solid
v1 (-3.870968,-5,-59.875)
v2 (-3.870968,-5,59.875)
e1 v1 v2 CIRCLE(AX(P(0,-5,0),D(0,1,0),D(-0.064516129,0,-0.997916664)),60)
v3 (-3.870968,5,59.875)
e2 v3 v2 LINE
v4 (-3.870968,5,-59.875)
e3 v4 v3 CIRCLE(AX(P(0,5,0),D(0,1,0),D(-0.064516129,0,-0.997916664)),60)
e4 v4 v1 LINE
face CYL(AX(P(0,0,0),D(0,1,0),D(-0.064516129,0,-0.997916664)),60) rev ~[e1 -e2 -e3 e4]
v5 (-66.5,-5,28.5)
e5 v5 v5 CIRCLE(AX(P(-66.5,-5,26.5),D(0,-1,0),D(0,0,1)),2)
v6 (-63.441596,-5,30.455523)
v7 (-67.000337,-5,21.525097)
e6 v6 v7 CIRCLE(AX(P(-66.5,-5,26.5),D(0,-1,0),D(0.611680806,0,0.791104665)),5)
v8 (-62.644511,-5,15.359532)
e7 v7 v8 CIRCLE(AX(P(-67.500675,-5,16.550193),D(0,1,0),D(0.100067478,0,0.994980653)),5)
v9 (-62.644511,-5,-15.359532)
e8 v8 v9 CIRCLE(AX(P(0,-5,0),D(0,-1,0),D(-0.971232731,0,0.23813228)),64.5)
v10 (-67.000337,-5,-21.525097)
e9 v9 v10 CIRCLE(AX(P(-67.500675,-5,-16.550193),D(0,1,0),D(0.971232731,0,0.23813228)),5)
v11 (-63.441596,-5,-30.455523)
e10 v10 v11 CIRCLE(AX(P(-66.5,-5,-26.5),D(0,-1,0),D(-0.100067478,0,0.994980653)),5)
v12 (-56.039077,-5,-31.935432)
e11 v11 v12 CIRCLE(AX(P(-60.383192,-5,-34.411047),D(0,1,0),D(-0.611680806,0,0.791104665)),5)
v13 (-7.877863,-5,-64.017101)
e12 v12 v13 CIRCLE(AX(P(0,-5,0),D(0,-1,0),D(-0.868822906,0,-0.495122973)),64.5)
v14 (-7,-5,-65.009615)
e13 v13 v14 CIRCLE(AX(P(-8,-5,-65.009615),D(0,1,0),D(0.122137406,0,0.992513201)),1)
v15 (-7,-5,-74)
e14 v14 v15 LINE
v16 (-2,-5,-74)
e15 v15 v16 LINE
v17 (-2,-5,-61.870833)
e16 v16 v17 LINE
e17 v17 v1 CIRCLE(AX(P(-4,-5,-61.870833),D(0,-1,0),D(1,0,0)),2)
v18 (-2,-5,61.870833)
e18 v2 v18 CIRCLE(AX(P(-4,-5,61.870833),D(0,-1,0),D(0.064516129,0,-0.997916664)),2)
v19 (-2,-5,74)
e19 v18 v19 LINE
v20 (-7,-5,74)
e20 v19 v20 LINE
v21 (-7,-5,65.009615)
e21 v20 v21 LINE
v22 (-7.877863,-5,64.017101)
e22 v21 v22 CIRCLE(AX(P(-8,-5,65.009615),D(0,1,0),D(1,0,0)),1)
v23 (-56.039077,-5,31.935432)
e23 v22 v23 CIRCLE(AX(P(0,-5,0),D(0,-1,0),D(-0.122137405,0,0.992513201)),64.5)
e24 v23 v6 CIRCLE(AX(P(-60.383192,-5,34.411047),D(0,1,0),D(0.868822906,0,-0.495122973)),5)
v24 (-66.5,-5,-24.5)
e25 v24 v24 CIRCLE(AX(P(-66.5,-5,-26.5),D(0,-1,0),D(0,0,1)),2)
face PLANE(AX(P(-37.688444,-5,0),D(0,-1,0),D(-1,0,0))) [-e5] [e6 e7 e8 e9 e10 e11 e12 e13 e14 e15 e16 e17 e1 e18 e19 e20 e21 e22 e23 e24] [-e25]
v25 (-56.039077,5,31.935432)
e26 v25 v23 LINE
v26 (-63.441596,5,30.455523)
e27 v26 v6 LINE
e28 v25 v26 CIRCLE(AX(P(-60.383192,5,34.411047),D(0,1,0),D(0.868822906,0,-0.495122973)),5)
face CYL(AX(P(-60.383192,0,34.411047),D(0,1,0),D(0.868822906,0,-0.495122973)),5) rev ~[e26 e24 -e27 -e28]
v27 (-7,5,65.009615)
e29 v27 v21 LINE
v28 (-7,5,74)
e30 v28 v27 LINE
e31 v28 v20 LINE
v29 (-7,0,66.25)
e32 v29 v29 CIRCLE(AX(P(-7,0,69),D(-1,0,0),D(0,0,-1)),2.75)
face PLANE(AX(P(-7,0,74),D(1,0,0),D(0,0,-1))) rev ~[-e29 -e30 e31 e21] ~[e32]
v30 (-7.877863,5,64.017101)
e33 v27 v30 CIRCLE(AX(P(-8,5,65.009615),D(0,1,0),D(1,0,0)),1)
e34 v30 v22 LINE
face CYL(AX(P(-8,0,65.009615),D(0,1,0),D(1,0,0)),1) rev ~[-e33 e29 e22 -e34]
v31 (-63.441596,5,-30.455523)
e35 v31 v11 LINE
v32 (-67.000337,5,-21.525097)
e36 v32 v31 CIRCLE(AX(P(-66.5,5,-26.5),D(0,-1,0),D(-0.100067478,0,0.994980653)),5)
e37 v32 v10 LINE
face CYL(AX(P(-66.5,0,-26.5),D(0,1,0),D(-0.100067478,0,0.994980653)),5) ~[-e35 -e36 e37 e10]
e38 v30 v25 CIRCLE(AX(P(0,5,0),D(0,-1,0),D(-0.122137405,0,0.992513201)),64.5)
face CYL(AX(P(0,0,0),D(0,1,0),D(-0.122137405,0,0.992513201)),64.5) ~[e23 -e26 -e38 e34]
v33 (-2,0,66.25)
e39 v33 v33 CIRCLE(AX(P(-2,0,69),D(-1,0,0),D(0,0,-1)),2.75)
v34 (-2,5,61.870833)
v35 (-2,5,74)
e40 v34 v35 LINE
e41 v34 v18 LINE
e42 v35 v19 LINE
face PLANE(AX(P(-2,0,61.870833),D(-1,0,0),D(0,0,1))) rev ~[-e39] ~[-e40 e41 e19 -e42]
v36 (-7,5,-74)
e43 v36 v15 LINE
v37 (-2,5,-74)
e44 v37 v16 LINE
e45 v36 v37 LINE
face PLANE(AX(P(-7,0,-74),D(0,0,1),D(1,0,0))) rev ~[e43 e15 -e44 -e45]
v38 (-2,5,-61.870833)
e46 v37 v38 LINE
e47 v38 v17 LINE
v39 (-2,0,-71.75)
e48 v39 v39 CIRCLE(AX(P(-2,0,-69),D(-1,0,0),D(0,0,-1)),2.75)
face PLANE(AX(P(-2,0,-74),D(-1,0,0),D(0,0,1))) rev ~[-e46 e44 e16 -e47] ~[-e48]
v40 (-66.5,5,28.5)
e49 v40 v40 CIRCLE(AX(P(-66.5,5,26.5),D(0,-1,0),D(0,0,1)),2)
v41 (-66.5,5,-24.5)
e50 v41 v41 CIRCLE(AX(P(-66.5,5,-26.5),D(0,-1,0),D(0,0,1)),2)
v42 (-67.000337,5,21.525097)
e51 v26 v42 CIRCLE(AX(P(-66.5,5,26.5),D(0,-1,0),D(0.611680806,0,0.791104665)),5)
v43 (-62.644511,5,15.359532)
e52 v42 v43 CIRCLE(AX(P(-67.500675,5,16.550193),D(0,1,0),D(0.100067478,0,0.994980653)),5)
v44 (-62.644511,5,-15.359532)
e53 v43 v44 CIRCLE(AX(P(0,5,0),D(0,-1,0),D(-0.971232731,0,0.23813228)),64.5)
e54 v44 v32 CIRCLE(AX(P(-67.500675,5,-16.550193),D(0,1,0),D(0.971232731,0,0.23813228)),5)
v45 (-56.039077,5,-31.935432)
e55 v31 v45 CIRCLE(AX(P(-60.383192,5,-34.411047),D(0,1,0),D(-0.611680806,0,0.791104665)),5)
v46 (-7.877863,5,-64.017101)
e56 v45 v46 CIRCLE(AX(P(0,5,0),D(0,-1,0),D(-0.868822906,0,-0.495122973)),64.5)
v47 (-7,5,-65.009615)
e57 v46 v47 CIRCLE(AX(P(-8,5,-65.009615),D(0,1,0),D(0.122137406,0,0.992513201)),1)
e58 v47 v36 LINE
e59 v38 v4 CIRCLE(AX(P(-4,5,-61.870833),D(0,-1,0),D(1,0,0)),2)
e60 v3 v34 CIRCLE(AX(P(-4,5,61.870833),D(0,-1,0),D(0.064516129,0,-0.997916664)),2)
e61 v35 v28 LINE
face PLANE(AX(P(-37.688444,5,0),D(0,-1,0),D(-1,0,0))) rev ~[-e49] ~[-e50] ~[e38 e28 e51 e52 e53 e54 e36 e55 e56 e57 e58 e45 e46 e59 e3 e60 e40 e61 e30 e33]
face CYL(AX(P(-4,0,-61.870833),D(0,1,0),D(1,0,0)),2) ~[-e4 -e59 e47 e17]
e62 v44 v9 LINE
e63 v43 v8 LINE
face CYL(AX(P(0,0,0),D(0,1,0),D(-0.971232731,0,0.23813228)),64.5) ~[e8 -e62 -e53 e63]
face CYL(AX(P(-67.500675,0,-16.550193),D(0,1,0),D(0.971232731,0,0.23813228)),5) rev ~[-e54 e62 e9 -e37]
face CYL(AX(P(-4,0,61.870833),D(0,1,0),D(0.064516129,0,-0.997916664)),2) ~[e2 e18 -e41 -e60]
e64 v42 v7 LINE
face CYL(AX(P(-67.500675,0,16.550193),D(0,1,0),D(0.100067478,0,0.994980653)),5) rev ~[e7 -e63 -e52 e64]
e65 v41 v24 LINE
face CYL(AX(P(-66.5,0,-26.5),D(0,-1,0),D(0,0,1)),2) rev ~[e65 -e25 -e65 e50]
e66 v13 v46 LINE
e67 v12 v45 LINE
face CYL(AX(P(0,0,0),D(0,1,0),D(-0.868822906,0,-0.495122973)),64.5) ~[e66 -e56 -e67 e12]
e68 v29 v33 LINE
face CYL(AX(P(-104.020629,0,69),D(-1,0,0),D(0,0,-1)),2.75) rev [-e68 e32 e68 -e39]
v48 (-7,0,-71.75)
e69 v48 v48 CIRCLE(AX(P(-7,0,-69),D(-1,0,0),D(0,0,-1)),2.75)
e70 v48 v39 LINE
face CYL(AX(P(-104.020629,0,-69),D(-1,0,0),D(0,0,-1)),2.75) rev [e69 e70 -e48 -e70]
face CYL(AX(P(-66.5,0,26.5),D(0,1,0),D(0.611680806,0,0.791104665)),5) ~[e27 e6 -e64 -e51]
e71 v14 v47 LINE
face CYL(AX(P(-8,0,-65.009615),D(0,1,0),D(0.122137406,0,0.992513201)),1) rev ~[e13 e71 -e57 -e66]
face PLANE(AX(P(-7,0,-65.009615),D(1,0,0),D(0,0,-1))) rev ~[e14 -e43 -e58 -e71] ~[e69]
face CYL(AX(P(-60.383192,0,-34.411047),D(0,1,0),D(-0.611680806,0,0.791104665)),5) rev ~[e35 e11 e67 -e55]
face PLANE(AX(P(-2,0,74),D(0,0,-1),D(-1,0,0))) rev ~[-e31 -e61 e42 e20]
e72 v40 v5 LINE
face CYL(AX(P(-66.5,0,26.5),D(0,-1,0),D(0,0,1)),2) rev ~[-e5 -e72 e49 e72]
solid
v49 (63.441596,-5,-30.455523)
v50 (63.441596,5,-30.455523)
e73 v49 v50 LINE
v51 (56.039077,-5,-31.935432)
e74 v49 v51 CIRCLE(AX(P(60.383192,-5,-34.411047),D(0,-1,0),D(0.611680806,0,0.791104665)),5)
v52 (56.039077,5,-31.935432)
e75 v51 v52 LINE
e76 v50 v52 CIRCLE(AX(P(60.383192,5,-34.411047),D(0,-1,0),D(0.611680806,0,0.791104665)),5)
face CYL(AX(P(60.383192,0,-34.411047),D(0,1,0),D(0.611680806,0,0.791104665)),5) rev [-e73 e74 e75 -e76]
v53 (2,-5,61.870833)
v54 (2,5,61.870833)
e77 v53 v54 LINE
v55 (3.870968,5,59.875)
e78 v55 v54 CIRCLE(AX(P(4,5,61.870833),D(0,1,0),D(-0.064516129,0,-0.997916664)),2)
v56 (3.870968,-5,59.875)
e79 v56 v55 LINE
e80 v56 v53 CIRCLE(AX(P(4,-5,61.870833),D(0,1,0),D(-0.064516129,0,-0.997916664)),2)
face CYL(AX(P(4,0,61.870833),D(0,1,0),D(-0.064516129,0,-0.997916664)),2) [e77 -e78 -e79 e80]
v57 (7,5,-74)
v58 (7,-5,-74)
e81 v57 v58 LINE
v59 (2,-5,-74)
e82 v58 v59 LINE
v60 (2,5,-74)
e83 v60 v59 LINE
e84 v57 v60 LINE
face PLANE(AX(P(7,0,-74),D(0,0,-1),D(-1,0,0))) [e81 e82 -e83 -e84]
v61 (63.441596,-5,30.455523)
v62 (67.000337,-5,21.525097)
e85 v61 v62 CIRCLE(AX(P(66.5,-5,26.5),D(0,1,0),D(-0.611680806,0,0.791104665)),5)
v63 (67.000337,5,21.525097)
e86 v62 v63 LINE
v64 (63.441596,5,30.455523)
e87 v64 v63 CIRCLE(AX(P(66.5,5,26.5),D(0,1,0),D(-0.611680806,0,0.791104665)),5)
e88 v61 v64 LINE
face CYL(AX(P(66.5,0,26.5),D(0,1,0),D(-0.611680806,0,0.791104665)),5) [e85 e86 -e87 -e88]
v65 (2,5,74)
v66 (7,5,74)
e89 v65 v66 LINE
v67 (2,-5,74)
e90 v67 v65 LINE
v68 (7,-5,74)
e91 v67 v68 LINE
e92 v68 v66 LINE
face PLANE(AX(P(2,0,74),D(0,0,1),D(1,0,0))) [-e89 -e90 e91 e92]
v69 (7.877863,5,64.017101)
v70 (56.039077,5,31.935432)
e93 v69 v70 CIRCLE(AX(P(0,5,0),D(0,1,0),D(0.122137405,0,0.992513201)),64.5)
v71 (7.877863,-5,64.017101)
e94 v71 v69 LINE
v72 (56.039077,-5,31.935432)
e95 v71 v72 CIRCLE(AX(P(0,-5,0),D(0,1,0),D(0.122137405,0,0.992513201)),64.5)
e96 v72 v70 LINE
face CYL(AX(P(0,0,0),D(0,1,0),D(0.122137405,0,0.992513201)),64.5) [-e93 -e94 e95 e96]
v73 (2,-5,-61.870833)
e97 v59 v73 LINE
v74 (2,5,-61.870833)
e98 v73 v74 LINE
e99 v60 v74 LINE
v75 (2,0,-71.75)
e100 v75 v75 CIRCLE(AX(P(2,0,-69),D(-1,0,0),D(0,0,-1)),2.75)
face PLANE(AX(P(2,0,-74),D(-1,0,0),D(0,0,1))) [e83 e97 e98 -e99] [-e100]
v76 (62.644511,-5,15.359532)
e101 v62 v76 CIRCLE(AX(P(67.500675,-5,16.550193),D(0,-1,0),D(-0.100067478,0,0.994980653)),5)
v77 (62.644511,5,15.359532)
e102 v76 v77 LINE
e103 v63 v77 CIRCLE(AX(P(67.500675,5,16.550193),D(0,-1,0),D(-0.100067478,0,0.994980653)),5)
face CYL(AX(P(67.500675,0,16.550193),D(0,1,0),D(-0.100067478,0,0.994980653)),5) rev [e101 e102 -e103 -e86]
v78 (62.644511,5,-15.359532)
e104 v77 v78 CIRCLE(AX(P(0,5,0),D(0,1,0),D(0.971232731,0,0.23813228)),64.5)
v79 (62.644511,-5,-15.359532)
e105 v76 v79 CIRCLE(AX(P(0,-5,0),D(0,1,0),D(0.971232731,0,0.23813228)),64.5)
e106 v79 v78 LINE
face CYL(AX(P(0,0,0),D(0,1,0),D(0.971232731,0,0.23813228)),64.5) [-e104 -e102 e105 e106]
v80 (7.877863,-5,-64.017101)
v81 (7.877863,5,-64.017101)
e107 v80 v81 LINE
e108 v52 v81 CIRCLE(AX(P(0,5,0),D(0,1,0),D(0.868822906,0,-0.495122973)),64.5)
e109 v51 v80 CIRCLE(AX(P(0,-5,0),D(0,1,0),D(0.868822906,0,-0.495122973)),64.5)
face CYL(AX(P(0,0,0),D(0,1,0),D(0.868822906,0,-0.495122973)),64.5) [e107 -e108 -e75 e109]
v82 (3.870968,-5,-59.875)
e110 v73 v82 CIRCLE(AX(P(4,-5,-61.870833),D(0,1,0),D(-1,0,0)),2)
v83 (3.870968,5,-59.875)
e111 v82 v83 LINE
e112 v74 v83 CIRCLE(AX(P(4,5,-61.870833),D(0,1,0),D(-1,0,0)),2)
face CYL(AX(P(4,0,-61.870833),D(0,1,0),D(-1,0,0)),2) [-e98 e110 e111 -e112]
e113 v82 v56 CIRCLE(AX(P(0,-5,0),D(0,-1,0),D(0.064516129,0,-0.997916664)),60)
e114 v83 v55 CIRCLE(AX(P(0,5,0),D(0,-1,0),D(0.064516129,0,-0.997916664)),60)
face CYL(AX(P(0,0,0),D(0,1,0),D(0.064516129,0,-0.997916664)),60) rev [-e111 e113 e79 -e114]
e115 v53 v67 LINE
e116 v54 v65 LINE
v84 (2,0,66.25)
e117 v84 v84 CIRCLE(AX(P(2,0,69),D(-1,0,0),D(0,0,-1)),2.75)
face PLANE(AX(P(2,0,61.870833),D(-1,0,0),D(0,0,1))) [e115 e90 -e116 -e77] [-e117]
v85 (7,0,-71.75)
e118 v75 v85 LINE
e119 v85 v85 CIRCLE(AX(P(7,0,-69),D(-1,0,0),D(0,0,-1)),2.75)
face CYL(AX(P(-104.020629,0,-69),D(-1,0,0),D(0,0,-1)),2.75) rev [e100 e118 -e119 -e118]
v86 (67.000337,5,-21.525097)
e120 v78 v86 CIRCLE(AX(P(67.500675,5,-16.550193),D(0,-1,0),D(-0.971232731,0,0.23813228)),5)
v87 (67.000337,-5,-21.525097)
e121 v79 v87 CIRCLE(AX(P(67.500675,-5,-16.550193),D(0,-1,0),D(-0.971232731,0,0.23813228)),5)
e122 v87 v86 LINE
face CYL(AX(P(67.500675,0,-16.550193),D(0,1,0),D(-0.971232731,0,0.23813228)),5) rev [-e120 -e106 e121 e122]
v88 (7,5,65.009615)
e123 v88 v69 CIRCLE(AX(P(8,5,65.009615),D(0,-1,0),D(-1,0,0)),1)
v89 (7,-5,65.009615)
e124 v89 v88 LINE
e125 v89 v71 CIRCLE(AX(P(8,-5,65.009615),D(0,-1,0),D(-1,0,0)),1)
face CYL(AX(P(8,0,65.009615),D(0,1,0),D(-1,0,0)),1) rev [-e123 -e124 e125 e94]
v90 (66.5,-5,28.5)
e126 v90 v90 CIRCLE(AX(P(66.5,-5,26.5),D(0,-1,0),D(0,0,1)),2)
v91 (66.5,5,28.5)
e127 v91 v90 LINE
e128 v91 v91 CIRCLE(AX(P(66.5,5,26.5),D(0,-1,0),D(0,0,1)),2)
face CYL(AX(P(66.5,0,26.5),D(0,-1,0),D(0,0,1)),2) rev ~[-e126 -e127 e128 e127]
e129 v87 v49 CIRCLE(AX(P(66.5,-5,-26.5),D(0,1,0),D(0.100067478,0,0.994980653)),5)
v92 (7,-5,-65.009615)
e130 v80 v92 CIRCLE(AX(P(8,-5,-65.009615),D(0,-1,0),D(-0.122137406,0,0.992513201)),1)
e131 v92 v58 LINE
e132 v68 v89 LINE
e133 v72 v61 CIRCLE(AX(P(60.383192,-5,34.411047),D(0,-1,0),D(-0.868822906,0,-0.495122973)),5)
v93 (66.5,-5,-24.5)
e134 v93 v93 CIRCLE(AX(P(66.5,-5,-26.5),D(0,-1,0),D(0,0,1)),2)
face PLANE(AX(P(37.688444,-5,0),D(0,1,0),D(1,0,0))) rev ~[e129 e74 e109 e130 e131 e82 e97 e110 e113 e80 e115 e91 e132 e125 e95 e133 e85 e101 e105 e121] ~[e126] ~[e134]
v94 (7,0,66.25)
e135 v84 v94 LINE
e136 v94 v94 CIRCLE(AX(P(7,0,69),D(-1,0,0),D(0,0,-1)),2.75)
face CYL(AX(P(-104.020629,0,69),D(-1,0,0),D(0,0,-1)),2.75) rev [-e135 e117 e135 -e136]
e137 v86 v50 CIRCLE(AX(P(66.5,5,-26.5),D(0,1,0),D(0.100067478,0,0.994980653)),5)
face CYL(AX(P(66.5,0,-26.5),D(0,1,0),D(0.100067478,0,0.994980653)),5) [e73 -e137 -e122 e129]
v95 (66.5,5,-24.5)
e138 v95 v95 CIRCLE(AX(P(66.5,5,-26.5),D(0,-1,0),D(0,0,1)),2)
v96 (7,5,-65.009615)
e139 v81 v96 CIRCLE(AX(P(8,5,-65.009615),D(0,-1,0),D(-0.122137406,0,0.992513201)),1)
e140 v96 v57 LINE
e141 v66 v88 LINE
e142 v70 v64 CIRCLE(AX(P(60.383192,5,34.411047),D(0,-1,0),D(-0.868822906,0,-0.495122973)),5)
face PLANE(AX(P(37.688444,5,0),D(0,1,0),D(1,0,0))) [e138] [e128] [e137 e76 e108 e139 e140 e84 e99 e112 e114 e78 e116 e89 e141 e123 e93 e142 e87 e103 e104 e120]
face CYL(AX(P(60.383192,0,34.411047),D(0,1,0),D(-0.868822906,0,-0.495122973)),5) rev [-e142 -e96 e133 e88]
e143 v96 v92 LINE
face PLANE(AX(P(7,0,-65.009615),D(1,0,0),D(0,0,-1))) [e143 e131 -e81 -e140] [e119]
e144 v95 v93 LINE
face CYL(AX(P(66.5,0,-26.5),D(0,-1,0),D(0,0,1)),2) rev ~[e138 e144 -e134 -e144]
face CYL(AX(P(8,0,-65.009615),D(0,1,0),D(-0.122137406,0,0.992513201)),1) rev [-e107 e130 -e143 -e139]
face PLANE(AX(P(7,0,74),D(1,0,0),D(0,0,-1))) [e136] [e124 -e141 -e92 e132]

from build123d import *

# Parameters (mm, degrees)
EXTRUDE_1_DEPTH                = 5
EXTRUDE_1_2_DEPTH              = 5
CUT_EXTRUDE_1_DEPTH            = 104.020629002
CUT_EXTRUDE_1_DEPTH_BACK       = 104.020629002
SKETCH_2_R                     = 2.75
SKETCH_4_W                     = 2
SKETCH_4_H                     = 10
HOLE_WIZARD_4_0_4_1_AT_2_COUNT = 2
HOLE_WIZARD_4_0_4_1_AT_2_PITCH = 53
HOLE_WIZARD_4_0_4_1_AT_3_COUNT = 2
HOLE_WIZARD_4_0_4_1_AT_3_PITCH = 143.171226159
HOLE_WIZARD_4_0_4_1_AT_4_COUNT = 2
HOLE_WIZARD_4_0_4_1_AT_4_PITCH = 133


with BuildPart() as part:
    # 草图1 → 凸台-拉伸1 (new, symmetric)
    with BuildSketch(Plane(origin=(0, 0, 0), x_dir=(1, 0, 0), z_dir=(0, 1, 0))):
        with BuildLine():
            Line((-7, 65.009614674), (-7, 74))
            Line((-7, 74), (-2, 74))
            Line((-2, 74), (-2, 61.870833193))
            ThreePointArc((-2, 61.870833193), (-2.540879629, 60.502999964), (-3.870967742, 59.874999864))
            ThreePointArc((-3.870967742, 59.874999864), (-60, 0), (-3.870967742, -59.874999864))
            ThreePointArc((-3.870967742, -59.874999864), (-2.540879629, -60.502999964), (-2, -61.870833193))
            Line((-2, -61.870833193), (-2, -74))
            Line((-2, -74), (-7, -74))
            Line((-7, -74), (-7, -65.009614674))
            ThreePointArc((-7, -65.009614674), (-7.250954806, -64.34709577), (-7.877862595, -64.017101472))
            ThreePointArc((-7.877862595, -64.017101472), (-35.758246425, -53.680516136), (-56.039077408, -31.935431784))
            ThreePointArc((-56.039077408, -31.935431784), (-59.402990359, -29.508067468), (-63.441595968, -30.455523325))
            ThreePointArc((-63.441595968, -30.455523325), (-71.144788047, -28.350930575), (-67.000337391, -21.525096735))
            ThreePointArc((-67.000337391, -21.525096735), (-63.416978813, -19.435228518), (-62.644511129, -15.35953207))
            ThreePointArc((-62.644511129, -15.35953207), (-64.5, 0), (-62.644511129, 15.35953207))
            ThreePointArc((-62.644511129, 15.35953207), (-63.416978813, 19.435228518), (-67.000337391, 21.525096735))
            ThreePointArc((-67.000337391, 21.525096735), (-71.144788047, 28.350930575), (-63.441595968, 30.455523325))
            ThreePointArc((-63.441595968, 30.455523325), (-59.402990359, 29.508067468), (-56.039077408, 31.935431784))
            ThreePointArc((-56.039077408, 31.935431784), (-35.758246425, 53.680516136), (-7.877862595, 64.017101472))
            ThreePointArc((-7.877862595, 64.017101472), (-7.250954806, 64.34709577), (-7, 65.009614674))
        make_face()
    extrude(amount=EXTRUDE_1_DEPTH, both=True)


with BuildPart() as body_2:
    # 草图1 → Extrude 1 2 (new, symmetric)
    with BuildSketch(Plane(origin=(0, 0, 0), x_dir=(1, 0, 0), z_dir=(0, 1, 0))):
        with BuildLine():
            Line((2, 74), (2, 61.870833193))
            ThreePointArc((2, 61.870833193), (2.540879629, 60.502999964), (3.870967742, 59.874999864))
            ThreePointArc((3.870967742, 59.874999864), (60, 0), (3.870967742, -59.874999864))
            ThreePointArc((3.870967742, -59.874999864), (2.540879629, -60.502999964), (2, -61.870833193))
            Line((2, -61.870833193), (2, -74))
            Line((2, -74), (7, -74))
            Line((7, -74), (7, -65.009614674))
            ThreePointArc((7, -65.009614674), (7.250954806, -64.34709577), (7.877862595, -64.017101472))
            ThreePointArc((7.877862595, -64.017101472), (35.758246425, -53.680516136), (56.039077408, -31.935431784))
            ThreePointArc((56.039077408, -31.935431784), (59.402990359, -29.508067468), (63.441595968, -30.455523325))
            ThreePointArc((63.441595968, -30.455523325), (71.144788047, -28.350930575), (67.000337391, -21.525096735))
            ThreePointArc((67.000337391, -21.525096735), (63.416978813, -19.435228518), (62.644511129, -15.35953207))
            ThreePointArc((62.644511129, -15.35953207), (64.5, 0), (62.644511129, 15.35953207))
            ThreePointArc((62.644511129, 15.35953207), (63.416978813, 19.435228518), (67.000337391, 21.525096735))
            ThreePointArc((67.000337391, 21.525096735), (71.144788047, 28.350930575), (63.441595968, 30.455523325))
            ThreePointArc((63.441595968, 30.455523325), (59.402990359, 29.508067468), (56.039077408, 31.935431784))
            ThreePointArc((56.039077408, 31.935431784), (35.758246425, 53.680516136), (7.877862595, 64.017101472))
            ThreePointArc((7.877862595, 64.017101472), (7.250954806, 64.34709577), (7, 65.009614674))
            Line((7, 65.009614674), (7, 74))
            Line((7, 74), (2, 74))
        make_face()
    extrude(amount=EXTRUDE_1_2_DEPTH, both=True)


with BuildPart() as cut_extrude_1_tool:
    # 草图2 → 切除-拉伸1 (new, two sides: drawn at the far end of the back side and taken through both)
    with BuildSketch(Plane(origin=(0, 0, 0), x_dir=(0, 0, -1), z_dir=(1, 0, 0)).offset(-CUT_EXTRUDE_1_DEPTH_BACK)):
        with Locations((-69, 0)):
            Circle(SKETCH_2_R)
        with Locations((69, 0)):
            Circle(SKETCH_2_R)
    extrude(amount=CUT_EXTRUDE_1_DEPTH + CUT_EXTRUDE_1_DEPTH_BACK)


with BuildPart() as part_1:
    add(part.part)

    # 切除-拉伸1: cut by cut_extrude_1_tool
    add(cut_extrude_1_tool.part, mode=Mode.SUBTRACT)

    # 草图4 → Ø4.0 (4) 直径孔1 (revolve, cut)
    with BuildSketch(Plane(origin=(-66.5, 5, -26.5), x_dir=(0, 0, 1), z_dir=(1, 0, 0))):
        with Locations((1, 5)):
            Rectangle(SKETCH_4_W, SKETCH_4_H)
    hole_wizard_4_0_4_1 = revolve(axis=Axis((-66.5, 11.35, -26.5), (0, -1, 0)), mode=Mode.SUBTRACT)

    # Ø4.0 (4) 直径孔1 at 2: Ø4.0 (4) 直径孔1 ×2
    with Locations(*[(0, 0, i * HOLE_WIZARD_4_0_4_1_AT_2_PITCH) for i in range(1, HOLE_WIZARD_4_0_4_1_AT_2_COUNT)]):
        add(hole_wizard_4_0_4_1, mode=Mode.SUBTRACT)


with BuildPart() as body_2_1:
    add(body_2.part)

    # 切除-拉伸1: cut by cut_extrude_1_tool
    add(cut_extrude_1_tool.part, mode=Mode.SUBTRACT)

    # Ø4.0 (4) 直径孔1 at 3: Ø4.0 (4) 直径孔1 ×2
    with Locations(*[Vector(0.9289576094841776, 0, 0.37018611505760474) * (i * HOLE_WIZARD_4_0_4_1_AT_3_PITCH) for i in range(1, HOLE_WIZARD_4_0_4_1_AT_3_COUNT)]):
        add(hole_wizard_4_0_4_1, mode=Mode.SUBTRACT)

    # Ø4.0 (4) 直径孔1 at 4: Ø4.0 (4) 直径孔1 ×2
    with Locations(*[(i * HOLE_WIZARD_4_0_4_1_AT_4_PITCH, 0, 0) for i in range(1, HOLE_WIZARD_4_0_4_1_AT_4_COUNT)]):
        add(hole_wizard_4_0_4_1, mode=Mode.SUBTRACT)


solid = Compound([part_1.part, body_2_1.part])
